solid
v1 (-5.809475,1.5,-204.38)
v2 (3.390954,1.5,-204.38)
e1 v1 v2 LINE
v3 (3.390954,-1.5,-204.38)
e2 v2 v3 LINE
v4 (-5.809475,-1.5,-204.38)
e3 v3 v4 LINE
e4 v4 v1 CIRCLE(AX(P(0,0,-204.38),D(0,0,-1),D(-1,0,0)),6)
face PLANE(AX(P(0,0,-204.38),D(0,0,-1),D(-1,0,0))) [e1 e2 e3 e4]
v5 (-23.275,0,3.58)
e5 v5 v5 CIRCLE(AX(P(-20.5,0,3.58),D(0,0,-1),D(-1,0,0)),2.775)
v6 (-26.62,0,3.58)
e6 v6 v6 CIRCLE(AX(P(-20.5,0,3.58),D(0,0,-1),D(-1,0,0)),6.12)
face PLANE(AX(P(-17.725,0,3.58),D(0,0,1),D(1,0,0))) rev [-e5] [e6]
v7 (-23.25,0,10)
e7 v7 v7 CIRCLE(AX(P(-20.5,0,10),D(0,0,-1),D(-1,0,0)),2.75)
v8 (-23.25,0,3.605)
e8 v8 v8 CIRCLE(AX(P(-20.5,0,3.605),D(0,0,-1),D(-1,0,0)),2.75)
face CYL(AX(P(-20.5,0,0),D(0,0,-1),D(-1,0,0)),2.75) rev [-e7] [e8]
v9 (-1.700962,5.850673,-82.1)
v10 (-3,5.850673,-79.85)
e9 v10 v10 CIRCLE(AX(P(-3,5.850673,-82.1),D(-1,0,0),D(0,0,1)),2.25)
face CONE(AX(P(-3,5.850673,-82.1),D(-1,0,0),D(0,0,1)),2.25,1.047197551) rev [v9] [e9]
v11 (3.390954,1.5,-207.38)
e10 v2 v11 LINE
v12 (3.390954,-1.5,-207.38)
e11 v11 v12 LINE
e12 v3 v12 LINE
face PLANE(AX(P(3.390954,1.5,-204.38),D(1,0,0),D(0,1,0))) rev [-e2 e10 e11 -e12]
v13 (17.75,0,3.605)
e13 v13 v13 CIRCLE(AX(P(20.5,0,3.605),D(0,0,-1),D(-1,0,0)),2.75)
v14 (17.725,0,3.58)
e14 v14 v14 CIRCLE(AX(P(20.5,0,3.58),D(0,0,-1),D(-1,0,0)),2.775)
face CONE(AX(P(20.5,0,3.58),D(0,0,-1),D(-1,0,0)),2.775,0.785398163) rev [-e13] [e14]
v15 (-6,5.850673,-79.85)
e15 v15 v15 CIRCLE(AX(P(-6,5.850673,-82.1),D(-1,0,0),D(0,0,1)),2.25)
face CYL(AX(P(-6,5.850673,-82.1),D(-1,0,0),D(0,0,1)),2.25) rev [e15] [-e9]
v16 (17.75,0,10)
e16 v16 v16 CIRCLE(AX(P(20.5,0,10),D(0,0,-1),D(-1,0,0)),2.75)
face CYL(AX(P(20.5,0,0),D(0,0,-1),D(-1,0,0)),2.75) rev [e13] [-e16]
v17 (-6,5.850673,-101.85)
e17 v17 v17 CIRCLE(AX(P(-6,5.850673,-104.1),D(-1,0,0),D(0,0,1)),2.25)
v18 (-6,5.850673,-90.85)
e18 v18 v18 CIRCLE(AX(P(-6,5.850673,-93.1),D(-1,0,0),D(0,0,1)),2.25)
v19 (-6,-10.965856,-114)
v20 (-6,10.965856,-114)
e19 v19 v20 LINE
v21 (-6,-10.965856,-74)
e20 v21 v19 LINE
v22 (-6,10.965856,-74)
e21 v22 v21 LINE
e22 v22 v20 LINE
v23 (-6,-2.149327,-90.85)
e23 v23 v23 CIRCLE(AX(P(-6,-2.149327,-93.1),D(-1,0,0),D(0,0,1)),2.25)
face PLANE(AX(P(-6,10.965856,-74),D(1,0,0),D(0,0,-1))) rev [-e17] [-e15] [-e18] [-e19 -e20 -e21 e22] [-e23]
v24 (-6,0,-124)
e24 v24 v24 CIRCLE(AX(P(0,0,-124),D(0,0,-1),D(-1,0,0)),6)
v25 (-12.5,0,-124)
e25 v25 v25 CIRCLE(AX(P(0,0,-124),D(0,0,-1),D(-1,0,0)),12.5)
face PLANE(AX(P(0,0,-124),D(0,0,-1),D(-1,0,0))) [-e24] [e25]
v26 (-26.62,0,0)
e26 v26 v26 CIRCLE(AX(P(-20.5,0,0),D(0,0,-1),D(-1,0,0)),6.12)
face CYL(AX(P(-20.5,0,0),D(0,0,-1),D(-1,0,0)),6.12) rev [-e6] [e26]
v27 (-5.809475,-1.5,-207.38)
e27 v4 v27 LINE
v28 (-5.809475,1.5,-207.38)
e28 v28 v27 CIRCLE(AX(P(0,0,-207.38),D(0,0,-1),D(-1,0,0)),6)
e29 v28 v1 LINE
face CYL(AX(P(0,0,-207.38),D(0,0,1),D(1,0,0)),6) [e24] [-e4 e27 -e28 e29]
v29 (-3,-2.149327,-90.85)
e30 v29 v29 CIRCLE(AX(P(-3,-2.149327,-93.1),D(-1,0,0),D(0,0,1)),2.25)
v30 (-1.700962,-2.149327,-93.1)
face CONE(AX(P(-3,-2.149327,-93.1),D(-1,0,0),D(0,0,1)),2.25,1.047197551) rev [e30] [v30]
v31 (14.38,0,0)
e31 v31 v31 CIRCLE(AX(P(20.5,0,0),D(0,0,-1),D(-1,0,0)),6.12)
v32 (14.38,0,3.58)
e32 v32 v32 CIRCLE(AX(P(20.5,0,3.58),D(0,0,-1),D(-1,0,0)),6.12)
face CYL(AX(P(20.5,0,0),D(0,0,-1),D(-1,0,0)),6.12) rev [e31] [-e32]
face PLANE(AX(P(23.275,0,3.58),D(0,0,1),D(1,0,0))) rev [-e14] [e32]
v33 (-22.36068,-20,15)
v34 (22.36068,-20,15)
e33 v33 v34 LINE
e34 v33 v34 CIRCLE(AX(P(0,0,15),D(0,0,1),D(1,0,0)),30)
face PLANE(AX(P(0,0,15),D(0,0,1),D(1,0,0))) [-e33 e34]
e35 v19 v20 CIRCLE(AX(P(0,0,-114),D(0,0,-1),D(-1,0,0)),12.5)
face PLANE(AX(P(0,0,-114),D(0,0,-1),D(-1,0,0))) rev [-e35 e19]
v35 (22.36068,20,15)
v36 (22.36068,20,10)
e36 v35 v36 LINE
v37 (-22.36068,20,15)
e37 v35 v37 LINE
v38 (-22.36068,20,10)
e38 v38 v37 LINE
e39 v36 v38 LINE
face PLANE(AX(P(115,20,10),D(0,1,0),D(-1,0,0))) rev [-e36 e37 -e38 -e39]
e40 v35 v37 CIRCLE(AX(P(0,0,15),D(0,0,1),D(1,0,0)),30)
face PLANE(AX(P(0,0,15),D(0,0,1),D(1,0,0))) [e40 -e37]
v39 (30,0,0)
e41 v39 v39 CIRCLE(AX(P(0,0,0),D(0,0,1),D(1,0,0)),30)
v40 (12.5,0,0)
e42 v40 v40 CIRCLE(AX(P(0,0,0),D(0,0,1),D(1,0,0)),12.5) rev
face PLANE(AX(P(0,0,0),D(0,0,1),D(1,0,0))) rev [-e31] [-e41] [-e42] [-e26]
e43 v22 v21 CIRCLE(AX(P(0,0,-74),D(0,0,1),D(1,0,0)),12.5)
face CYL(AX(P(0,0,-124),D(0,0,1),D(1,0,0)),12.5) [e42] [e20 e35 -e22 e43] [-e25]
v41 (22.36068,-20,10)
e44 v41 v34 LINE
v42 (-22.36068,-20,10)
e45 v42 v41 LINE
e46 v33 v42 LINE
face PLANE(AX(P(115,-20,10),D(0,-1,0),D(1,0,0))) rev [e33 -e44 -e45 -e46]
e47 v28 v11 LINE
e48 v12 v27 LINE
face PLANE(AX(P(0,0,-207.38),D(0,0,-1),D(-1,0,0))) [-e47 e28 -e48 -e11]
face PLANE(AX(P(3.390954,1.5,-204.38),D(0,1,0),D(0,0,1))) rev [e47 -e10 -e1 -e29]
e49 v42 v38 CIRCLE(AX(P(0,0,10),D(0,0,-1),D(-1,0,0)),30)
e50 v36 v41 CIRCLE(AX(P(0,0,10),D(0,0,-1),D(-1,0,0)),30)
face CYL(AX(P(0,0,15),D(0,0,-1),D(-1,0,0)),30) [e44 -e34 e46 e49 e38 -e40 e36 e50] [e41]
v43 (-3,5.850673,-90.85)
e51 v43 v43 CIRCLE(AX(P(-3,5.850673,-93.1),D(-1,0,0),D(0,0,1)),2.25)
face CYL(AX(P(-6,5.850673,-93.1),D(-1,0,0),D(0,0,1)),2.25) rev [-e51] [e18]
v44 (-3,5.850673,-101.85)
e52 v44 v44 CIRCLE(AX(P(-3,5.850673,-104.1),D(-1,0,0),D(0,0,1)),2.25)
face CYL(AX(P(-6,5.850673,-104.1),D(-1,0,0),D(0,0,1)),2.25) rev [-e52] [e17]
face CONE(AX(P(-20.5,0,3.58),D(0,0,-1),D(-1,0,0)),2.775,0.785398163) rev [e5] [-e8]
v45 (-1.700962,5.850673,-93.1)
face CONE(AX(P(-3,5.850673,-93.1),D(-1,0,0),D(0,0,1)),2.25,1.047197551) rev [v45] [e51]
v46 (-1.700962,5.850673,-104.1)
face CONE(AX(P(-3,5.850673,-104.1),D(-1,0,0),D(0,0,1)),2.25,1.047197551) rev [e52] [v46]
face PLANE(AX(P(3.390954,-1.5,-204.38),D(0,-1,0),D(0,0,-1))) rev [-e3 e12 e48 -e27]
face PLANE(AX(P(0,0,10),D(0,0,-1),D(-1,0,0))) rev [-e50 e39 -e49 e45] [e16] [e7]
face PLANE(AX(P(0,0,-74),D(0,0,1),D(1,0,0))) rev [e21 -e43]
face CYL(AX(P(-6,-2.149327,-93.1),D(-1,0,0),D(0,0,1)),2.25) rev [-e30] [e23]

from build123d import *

# Parameters (mm, degrees)
ESQUISSE1_R                                = 30
BOSS_EXTRU_1_DEPTH                         = 15
ESQUISSE2_R                                = 12.5
BOSS_EXTRU_2_DEPTH                         = 124
ESQUISSE4_2_W                              = 230
ESQUISSE4_2_H                              = 40
ENL_V_MAT_EXTRU_1_DEPTH                    = 5
CHAMBRAGE_POUR_VIS_T_TE_HEXAGONALE_2_COUNT = 2
CHAMBRAGE_POUR_VIS_T_TE_HEXAGONALE_2_PITCH = 41
ESQUISSE17_R                               = 6
BOSS_EXTRU_4_DEPTH                         = 83.38
ESQUISSE18_W                               = 10.356322474
ESQUISSE18_H                               = 3
ENL_V_MAT_EXTRU_2_DEPTH                    = 3
ESQUISSE19_W                               = 7.933443835
ESQUISSE19_H                               = 21.9317122
ENL_V_MAT_EXTRU_3_DEPTH                    = 50
BOSS_EXTRU_6_START                         = -10
ESQUISSE21_R                               = 12.5
BOSS_EXTRU_6_DEPTH                         = 10
D_GAGEMENT_M41_D                           = 4.5
D_GAGEMENT_M41_DEPTH                       = 3
D_GAGEMENT_M41_TIP                         = 1.299038106


with BuildPart() as part:
    # Esquisse1 → Boss.-Extru.1 (new body)
    with BuildSketch(Plane.XY):
        Circle(ESQUISSE1_R)
    extrude(amount=BOSS_EXTRU_1_DEPTH)

    # Esquisse2 → Boss.-Extru.2 (add)
    with BuildSketch(Plane(origin=(0, 0, 0), x_dir=(-1, 0, 0), z_dir=(0, 0, -1))):
        with Locations(Location((0, 0, 0), (0, 0, 180))):
            Circle(ESQUISSE2_R)
    extrude(amount=BOSS_EXTRU_2_DEPTH)

    # Esquisse4<2> → Enlèv. mat.-Extru.1 (cut)
    with BuildSketch(Plane.XY.offset(15)):
        Rectangle(ESQUISSE4_2_W, ESQUISSE4_2_H)
    extrude(amount=-ENL_V_MAT_EXTRU_1_DEPTH, mode=Mode.SUBTRACT)

    # Esquisse14 → Chambrage pour vis à tête hexagonale M51 (revolve, cut)
    with BuildSketch(Plane.YZ.offset(-20.5)):
        Polygon((0, 0), (0, 15), (2.75, 15), (2.75, 3.605), (2.775, 3.58), (6.12, 3.58), (6.12, 0), align=None)
    chambrage_pour_vis_t_te_hexagonale_m51 = revolve(axis=Axis((-20.5, 0, -6.35), (0, 0, 1)), mode=Mode.SUBTRACT)

    # Chambrage pour vis _ t_te hexagonale 2: Chambrage pour vis à tête hexagonale M51 ×2
    with Locations(*[(i * CHAMBRAGE_POUR_VIS_T_TE_HEXAGONALE_2_PITCH, 0, 0) for i in range(1, CHAMBRAGE_POUR_VIS_T_TE_HEXAGONALE_2_COUNT)]):
        add(chambrage_pour_vis_t_te_hexagonale_m51, mode=Mode.SUBTRACT)

    # Esquisse17 → Boss.-Extru.4 (add)
    with BuildSketch(Plane(origin=(0, 0, -124), x_dir=(-1, 0, 0), z_dir=(0, 0, -1))):
        Circle(ESQUISSE17_R)
    extrude(amount=BOSS_EXTRU_4_DEPTH)

    # Esquisse18 → Enlèv. mat.-Extru.2 (cut)
    with BuildSketch(Plane(origin=(0, 0, -207.38), x_dir=(-1, 0, 0), z_dir=(0, 0, -1))):
        with Locations((1.787207702, 0)):
            Rectangle(ESQUISSE18_W, ESQUISSE18_H)
    extrude(amount=-ENL_V_MAT_EXTRU_2_DEPTH, mode=Mode.SUBTRACT)

    # Esquisse19 → Enlèv. mat.-Extru.3 (cut)
    with BuildSketch(Plane(origin=(0, 0, -124), x_dir=(-1, 0, 0), z_dir=(0, 0, -1))):
        with Locations((9.966721917, 0)):
            Rectangle(ESQUISSE19_W, ESQUISSE19_H)
    extrude(amount=-ENL_V_MAT_EXTRU_3_DEPTH, mode=Mode.SUBTRACT)

    # Esquisse21 → Boss.-Extru.6 (add)
    with BuildSketch(Plane(origin=(0, 0, -124), x_dir=(-1, 0, 0), z_dir=(0, 0, -1)).offset(BOSS_EXTRU_6_START)):
        with Locations(Location((0, 0, 0), (0, 0, 180))):
            Circle(ESQUISSE21_R)
    extrude(amount=BOSS_EXTRU_6_DEPTH)

    # Dégagement M41
    with Locations(Plane.ZY.offset(6)):
        with Locations((-82.1, 5.85067254), (-93.1, -2.14932746), (-93.1, 5.85067254), (-104.1, 5.85067254)):
            Hole(D_GAGEMENT_M41_D / 2, depth=D_GAGEMENT_M41_DEPTH)
            with Locations((0, 0, -(D_GAGEMENT_M41_DEPTH + D_GAGEMENT_M41_TIP / 2))):  # 120° drill point
                Cone(0, D_GAGEMENT_M41_D / 2, D_GAGEMENT_M41_TIP, mode=Mode.SUBTRACT)


solid = part.part
